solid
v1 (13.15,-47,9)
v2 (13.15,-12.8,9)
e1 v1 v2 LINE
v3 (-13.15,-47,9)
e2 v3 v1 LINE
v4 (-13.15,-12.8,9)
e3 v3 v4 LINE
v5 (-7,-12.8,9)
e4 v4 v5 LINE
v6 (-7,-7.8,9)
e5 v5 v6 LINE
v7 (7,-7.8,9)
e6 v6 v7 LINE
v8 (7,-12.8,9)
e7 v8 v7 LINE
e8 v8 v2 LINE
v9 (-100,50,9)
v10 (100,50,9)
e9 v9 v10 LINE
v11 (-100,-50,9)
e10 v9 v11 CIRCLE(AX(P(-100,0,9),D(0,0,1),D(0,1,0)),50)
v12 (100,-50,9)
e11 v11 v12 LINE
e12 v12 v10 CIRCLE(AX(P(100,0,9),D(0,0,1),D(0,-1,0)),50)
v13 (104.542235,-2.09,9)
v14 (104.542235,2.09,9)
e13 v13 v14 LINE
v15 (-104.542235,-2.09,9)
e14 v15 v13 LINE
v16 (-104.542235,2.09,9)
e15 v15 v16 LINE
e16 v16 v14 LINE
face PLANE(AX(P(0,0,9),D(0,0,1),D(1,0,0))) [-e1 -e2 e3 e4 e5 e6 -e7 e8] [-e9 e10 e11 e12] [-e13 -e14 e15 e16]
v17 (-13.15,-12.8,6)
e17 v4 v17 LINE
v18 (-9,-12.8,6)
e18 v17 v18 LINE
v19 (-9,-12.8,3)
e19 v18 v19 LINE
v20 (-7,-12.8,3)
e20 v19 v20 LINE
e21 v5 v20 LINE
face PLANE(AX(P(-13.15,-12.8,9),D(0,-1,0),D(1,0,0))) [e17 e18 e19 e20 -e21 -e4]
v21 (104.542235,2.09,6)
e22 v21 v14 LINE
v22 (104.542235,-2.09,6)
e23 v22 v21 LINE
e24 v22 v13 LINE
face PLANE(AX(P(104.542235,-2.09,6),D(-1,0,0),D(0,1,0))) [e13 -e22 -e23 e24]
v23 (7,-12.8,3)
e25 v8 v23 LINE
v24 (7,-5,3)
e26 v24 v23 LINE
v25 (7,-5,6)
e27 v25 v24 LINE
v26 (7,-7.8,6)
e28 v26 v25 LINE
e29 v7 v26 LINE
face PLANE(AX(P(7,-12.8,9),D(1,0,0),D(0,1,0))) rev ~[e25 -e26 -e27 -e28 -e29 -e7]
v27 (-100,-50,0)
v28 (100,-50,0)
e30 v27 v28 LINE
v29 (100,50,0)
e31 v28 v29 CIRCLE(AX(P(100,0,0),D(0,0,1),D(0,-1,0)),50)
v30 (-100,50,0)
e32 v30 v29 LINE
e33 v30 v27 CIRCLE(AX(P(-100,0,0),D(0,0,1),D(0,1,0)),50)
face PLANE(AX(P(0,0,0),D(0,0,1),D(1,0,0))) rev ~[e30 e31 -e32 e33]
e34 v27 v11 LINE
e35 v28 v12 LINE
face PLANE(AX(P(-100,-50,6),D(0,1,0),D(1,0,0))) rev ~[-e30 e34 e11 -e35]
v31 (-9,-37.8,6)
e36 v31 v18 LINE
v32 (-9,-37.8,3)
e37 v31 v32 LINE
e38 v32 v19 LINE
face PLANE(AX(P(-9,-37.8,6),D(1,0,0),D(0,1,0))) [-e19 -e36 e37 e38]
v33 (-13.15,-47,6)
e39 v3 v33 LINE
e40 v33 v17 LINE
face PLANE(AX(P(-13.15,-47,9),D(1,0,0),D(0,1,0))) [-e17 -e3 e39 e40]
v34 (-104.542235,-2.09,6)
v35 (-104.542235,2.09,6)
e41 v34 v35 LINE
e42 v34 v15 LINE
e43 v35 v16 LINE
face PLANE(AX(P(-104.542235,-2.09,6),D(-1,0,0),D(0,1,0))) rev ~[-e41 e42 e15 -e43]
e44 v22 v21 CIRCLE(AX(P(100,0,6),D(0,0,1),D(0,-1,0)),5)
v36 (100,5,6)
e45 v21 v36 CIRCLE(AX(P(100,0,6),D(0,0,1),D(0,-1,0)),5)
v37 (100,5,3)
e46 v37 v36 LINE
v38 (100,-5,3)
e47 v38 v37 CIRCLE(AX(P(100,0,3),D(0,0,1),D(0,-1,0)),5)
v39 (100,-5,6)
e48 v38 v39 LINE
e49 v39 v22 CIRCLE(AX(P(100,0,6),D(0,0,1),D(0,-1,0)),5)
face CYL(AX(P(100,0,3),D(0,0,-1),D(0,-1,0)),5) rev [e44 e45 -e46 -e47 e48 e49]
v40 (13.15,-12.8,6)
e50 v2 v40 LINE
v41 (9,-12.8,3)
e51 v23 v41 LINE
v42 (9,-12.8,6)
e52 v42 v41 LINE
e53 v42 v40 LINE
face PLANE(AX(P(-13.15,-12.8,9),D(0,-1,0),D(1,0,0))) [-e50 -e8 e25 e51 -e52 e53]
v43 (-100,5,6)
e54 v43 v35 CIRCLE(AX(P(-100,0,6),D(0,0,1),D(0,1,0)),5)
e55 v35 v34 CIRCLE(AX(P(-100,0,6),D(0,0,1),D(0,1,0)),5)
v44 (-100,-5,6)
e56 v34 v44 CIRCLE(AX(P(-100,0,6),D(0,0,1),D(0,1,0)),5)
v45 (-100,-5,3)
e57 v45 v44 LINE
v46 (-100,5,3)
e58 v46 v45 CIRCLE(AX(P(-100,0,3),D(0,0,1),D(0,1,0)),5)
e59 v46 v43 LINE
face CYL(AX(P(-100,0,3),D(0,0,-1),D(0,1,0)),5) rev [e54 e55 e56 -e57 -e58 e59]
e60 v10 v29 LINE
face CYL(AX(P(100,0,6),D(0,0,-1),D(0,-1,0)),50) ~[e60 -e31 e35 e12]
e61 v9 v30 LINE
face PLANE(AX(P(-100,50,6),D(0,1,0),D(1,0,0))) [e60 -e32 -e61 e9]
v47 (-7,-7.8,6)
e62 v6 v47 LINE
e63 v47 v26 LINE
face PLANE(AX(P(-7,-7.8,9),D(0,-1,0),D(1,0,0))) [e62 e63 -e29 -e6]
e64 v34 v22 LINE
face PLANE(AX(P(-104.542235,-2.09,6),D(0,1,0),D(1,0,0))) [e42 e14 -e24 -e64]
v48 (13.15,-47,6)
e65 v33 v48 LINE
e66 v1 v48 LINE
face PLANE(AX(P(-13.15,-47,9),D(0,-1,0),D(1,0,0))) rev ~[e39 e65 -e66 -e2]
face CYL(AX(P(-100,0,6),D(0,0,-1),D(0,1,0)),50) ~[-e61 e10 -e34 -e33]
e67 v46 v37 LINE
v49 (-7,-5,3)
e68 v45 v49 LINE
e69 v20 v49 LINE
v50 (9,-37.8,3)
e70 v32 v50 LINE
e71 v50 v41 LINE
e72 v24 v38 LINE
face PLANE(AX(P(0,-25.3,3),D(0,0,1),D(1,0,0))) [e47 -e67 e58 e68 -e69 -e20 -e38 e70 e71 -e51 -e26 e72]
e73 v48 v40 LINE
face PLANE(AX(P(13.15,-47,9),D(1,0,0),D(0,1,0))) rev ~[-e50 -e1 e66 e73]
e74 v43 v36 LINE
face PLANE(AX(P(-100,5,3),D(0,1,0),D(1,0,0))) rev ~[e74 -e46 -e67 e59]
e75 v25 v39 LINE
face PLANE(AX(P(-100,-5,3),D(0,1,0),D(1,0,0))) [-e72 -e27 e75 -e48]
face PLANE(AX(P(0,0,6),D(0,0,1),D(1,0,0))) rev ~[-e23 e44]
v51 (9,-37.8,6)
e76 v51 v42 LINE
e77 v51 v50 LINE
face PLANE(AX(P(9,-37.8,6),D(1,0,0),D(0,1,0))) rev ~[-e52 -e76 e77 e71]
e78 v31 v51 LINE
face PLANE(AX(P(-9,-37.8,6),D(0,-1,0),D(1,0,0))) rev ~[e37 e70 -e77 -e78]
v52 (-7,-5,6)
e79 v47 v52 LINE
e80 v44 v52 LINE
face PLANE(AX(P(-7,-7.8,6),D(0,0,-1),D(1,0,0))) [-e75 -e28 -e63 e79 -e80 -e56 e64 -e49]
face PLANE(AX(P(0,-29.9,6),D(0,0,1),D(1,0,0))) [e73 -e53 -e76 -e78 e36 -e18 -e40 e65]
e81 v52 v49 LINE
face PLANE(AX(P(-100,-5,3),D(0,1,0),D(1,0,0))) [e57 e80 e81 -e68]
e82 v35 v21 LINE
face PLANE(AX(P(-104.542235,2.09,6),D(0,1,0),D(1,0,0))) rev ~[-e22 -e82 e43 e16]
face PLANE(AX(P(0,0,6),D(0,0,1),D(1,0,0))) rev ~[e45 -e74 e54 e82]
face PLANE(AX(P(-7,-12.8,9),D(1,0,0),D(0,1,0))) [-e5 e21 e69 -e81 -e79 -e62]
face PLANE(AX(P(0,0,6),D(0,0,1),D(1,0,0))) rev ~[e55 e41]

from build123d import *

# Parameters (mm, degrees)
PAD_DEPTH       = 3
PAD001_DEPTH    = 3
SKETCH002_W     = 209.08447
SKETCH002_H     = 4.18
PAD002_DEPTH    = 3
SKETCH003_W     = 26.3
SKETCH003_H     = 34.2
POCKET_DEPTH    = 3
SKETCH004_W     = 18
SKETCH004_H     = 25
POCKET001_DEPTH = 3
SKETCH005_W     = 14
SKETCH005_H     = 5
POCKET002_DEPTH = 6
SKETCH006_W     = 14
SKETCH006_H     = 3
POCKET003_DEPTH = 3


with BuildPart() as part:
    # Sketch → Pad (new body)
    with BuildSketch(Plane.XY):
        with BuildLine():
            ThreePointArc((-100, 50), (-150, 0), (-100, -50))
            Line((-100, -50), (100, -50))
            ThreePointArc((100, -50), (150, 0), (100, 50))
            Line((-100, 50), (100, 50))
        make_face()
    extrude(amount=PAD_DEPTH)

    # Sketch001 (on Face6 of Pad) → Pad001 (join)
    with BuildSketch(Plane.XY.offset(3)):
        with BuildLine():
            ThreePointArc((-100, 50), (-150, 0), (-100, -50))
            Line((-100, -50), (100, -50))
            ThreePointArc((100, -50), (150, 0), (100, 50))
            Line((-100, 50), (100, 50))
        make_face()
        with BuildLine():
            ThreePointArc((-100, 5), (-105, 0), (-100, -5))
            Line((-100, -5), (100, -5))
            ThreePointArc((100, -5), (105, 0), (100, 5))
            Line((-100, 5), (100, 5))
        make_face(mode=Mode.SUBTRACT)
    extrude(amount=PAD001_DEPTH)

    # Sketch002 (on Face9 of Pad001) → Pad002 (join)
    with BuildSketch(Plane.XY.offset(6)):
        with BuildLine():
            ThreePointArc((-100, 50), (-150, 0), (-100, -50))
            Line((-100, -50), (100, -50))
            ThreePointArc((100, -50), (150, 0), (100, 50))
            Line((-100, 50), (100, 50))
        make_face()
        Rectangle(SKETCH002_W, SKETCH002_H, mode=Mode.SUBTRACT)
    extrude(amount=PAD002_DEPTH)

    # Sketch003 (on Face13 of Pad002) → Pocket (cut)
    with BuildSketch(Plane.XY.offset(9)):
        with Locations((0, -29.9)):
            Rectangle(SKETCH003_W, SKETCH003_H)
    extrude(amount=-POCKET_DEPTH, mode=Mode.SUBTRACT)

    # Sketch004 (on Face27 of Pocket) → Pocket001 (cut)
    with BuildSketch(Plane.XY.offset(6)):
        with Locations((0, -25.3)):
            Rectangle(SKETCH004_W, SKETCH004_H)
    extrude(amount=-POCKET001_DEPTH, mode=Mode.SUBTRACT)

    # Sketch005 (on Face13 of Pocket001) → Pocket002 (cut)
    with BuildSketch(Plane.XY.offset(9)):
        with Locations((0, -10.3)):
            Rectangle(SKETCH005_W, SKETCH005_H)
    extrude(amount=-POCKET002_DEPTH, mode=Mode.SUBTRACT)

    # Sketch006 (on Face23 of Pocket002) → Pocket003 (cut)
    with BuildSketch(Plane.XZ.offset(7.8)):
        with Locations((0, 4.5)):
            Rectangle(SKETCH006_W, SKETCH006_H)
    extrude(amount=-POCKET003_DEPTH, mode=Mode.SUBTRACT)


solid = part.part
